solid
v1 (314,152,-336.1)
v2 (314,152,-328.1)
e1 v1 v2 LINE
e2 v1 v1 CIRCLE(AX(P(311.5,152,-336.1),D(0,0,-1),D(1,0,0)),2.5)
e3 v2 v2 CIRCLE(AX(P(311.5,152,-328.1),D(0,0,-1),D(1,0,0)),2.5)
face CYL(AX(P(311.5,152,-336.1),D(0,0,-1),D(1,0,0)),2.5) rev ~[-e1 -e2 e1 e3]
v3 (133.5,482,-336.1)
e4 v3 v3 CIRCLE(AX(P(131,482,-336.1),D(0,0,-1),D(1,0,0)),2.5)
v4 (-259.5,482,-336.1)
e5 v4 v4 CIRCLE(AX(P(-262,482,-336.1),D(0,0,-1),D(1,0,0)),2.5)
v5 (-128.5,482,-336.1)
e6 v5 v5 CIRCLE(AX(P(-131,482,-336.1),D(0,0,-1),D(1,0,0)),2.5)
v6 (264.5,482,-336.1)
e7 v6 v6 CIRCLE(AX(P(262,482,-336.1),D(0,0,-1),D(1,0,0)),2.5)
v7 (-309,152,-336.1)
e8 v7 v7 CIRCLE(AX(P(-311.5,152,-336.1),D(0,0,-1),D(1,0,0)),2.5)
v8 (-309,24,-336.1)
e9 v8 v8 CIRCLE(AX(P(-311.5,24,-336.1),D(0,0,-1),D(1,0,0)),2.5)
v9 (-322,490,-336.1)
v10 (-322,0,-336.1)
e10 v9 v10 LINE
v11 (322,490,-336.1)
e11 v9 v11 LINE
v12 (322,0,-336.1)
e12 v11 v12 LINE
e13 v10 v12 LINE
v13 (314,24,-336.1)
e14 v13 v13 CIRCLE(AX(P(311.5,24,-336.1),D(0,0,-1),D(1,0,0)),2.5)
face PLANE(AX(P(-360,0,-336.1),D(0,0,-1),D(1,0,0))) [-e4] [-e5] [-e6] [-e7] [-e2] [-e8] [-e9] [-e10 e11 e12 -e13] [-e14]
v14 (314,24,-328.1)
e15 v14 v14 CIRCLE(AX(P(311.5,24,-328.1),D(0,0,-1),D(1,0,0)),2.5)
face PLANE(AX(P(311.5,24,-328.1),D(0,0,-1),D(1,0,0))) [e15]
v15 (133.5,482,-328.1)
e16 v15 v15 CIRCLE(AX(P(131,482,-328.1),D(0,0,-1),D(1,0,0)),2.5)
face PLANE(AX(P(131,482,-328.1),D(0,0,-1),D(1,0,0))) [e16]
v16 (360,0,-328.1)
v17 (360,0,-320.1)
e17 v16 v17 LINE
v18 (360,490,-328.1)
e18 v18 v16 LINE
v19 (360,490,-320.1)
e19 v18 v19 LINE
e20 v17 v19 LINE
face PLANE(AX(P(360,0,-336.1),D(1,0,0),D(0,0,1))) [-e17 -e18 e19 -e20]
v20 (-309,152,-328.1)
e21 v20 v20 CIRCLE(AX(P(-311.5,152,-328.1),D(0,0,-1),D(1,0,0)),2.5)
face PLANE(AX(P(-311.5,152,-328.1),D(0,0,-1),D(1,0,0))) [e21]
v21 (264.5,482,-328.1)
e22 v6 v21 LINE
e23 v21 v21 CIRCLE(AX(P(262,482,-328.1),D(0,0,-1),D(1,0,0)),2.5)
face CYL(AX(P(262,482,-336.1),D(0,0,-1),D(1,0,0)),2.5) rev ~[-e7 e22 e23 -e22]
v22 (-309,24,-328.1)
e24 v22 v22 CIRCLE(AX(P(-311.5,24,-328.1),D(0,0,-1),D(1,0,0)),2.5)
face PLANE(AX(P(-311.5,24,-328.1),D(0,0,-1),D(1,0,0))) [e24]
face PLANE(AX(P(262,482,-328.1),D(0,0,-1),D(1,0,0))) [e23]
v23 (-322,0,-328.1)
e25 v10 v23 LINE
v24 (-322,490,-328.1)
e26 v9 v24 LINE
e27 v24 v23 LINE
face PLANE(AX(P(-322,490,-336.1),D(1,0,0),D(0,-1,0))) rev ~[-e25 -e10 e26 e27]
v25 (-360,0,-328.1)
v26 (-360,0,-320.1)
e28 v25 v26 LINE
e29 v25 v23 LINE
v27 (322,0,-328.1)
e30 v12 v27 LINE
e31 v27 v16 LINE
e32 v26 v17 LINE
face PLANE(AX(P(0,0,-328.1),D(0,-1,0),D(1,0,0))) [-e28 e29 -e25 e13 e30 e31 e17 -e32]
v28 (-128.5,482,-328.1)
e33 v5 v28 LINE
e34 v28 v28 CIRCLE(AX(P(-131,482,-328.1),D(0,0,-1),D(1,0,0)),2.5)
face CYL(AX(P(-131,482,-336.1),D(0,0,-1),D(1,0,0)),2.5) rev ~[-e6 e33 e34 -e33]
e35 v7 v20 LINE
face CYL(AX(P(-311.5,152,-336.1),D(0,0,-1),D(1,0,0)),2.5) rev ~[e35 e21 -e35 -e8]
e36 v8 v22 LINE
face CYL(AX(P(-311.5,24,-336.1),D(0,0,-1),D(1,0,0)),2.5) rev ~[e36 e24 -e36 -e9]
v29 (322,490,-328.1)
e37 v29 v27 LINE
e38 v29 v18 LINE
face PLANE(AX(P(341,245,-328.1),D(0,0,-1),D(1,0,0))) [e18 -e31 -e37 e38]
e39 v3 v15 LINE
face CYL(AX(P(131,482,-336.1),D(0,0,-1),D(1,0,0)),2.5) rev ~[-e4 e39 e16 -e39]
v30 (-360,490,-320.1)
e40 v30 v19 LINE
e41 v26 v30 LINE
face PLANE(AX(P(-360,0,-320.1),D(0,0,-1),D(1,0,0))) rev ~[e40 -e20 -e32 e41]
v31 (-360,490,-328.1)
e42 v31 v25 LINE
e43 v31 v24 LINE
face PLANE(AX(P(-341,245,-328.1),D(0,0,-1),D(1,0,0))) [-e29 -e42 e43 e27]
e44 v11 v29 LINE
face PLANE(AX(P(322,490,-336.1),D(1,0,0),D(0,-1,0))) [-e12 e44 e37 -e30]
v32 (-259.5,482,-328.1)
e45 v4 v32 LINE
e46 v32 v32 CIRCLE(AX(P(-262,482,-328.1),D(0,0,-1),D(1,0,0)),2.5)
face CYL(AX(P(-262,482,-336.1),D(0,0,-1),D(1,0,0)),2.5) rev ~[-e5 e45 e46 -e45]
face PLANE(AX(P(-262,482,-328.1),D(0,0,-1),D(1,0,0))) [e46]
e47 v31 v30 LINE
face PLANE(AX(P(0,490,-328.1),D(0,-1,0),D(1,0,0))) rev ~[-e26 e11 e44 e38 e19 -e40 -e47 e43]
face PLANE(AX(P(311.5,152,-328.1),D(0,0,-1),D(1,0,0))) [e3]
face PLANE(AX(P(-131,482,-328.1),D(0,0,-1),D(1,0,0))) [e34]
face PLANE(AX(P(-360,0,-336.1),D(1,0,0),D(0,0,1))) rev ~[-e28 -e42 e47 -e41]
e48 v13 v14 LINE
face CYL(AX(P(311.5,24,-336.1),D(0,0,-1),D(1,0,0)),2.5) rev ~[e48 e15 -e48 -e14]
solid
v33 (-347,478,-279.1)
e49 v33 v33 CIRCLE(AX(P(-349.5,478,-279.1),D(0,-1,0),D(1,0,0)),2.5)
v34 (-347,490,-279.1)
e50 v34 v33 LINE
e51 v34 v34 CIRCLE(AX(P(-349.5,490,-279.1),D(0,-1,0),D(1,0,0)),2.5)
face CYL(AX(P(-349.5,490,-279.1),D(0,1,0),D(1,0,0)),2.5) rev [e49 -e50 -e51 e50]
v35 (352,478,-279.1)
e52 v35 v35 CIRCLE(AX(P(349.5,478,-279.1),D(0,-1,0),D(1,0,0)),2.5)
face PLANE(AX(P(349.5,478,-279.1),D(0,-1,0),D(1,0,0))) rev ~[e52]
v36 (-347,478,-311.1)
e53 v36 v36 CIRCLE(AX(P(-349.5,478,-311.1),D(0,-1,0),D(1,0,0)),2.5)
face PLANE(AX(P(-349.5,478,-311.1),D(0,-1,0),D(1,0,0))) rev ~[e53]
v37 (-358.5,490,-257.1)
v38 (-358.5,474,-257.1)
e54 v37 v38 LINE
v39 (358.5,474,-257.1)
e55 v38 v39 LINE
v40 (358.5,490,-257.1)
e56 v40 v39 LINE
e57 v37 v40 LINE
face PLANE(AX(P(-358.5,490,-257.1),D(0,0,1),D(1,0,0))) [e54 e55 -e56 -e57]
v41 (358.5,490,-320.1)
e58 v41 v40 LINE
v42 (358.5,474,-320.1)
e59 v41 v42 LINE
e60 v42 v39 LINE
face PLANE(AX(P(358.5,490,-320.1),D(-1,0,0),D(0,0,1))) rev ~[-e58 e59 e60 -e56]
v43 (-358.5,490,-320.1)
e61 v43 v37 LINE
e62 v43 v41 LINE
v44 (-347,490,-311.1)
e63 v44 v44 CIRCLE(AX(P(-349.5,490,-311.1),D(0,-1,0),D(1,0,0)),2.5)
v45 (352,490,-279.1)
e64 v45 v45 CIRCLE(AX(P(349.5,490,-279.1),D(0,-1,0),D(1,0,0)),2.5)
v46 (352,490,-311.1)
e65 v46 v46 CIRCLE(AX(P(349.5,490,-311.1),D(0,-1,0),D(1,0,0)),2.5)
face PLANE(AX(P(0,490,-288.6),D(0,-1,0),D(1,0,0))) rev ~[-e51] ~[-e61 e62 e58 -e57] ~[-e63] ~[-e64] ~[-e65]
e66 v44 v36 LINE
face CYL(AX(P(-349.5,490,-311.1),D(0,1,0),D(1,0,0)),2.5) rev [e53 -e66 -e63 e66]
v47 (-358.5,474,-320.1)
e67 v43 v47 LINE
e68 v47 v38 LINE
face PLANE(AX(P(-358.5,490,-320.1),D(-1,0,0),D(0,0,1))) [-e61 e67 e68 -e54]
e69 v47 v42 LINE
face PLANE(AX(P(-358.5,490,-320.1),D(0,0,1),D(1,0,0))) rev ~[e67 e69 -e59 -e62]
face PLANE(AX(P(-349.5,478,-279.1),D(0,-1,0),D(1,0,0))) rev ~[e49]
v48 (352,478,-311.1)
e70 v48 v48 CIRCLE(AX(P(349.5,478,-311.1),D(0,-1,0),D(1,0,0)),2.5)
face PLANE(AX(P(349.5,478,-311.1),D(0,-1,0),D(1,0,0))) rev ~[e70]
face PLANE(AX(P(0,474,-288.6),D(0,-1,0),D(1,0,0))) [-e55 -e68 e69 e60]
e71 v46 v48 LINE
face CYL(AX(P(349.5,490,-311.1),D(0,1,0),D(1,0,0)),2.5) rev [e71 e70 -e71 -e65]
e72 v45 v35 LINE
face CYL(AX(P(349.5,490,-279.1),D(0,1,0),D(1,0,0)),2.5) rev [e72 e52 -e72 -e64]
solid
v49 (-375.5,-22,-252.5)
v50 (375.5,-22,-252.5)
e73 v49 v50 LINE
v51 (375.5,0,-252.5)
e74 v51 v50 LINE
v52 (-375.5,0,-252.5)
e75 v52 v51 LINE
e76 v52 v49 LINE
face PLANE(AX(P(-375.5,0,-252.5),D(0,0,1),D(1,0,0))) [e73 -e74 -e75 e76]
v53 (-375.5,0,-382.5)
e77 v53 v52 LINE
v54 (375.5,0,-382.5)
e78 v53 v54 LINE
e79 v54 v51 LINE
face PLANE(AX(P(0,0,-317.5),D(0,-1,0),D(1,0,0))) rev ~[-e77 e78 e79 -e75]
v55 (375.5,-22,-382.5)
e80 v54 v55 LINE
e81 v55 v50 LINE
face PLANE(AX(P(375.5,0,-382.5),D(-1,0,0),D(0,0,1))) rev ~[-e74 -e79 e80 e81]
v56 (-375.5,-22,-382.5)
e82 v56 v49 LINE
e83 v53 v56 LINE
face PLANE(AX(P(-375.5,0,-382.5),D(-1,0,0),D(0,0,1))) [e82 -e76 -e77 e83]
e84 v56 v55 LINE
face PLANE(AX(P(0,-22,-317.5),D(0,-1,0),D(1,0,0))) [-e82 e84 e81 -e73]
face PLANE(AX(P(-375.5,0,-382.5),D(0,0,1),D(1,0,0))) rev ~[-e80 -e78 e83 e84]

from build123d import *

# Parameters (mm, degrees)
F6_W      = 720
F6_H      = 16
F7_DEPTH  = 490
F8_W      = 38
F8_H      = 490.0000000001
F8_H_2    = 490
F8_R      = 2.5
F9_DEPTH  = 8
F5_W      = 717
F5_H      = 63
F10_DEPTH = 16
F11_R     = 2.5
F12_DEPTH = 12
F3_W      = 751
F3_H      = 130
F13_DEPTH = 22


with BuildPart() as f7:
    # F6 (on Front) → F7 (new body, through all)
    with BuildSketch(Plane.XZ):
        with Locations((0, -328.1)):
            Rectangle(F6_W, F6_H)
    extrude(amount=-F7_DEPTH)

    # F8 (on face) → F9 (cut)
    with BuildSketch(Plane(origin=(0, 0, -336.1), x_dir=(1, 0, 0), z_dir=(0, 0, -1))):
        with Locations((-341, -245.0000000001)):
            Rectangle(F8_W, F8_H)
        with Locations((341, -245)):
            Rectangle(F8_W, F8_H_2)
        with Locations((-311.5, -24)):
            Circle(F8_R)
        with Locations((-311.5, -152)):
            Circle(F8_R)
        with Locations((311.5, -152)):
            Circle(F8_R)
        with Locations((311.5, -24)):
            Circle(F8_R)
        with Locations((-262, -482)):
            Circle(F8_R)
        with Locations((-131, -482)):
            Circle(F8_R)
        with Locations((131, -482)):
            Circle(F8_R)
        with Locations((262, -482)):
            Circle(F8_R)
    extrude(amount=-F9_DEPTH, mode=Mode.SUBTRACT)


with BuildPart() as f10:
    # F5 (on offset) → F10 (new body)
    with BuildSketch(Plane.XZ.offset(-490)):
        with Locations((0, -288.6)):
            Rectangle(F5_W, F5_H)
    extrude(amount=F10_DEPTH)

    # F11 (on face) → F12 (cut)
    with BuildSketch(Plane.XZ.offset(-490)):
        with Locations((349.5, -311.1)):
            Circle(F11_R)
        with Locations((349.5, -279.1)):
            Circle(F11_R)
        with Locations((349.5, -247.1)):
            Circle(F11_R)
        with Locations((-349.5, -247.1)):
            Circle(F11_R)
        with Locations((-349.5, -279.1)):
            Circle(F11_R)
        with Locations((-349.5, -311.1)):
            Circle(F11_R)
    extrude(amount=F12_DEPTH, mode=Mode.SUBTRACT)


with BuildPart() as f13:
    # F3 (on face) → F13 (new body)
    with BuildSketch(Plane.XZ):
        with Locations((0, -317.5)):
            Rectangle(F3_W, F3_H)
    extrude(amount=F13_DEPTH)


solid = Compound([f7.part, f10.part, f13.part])
